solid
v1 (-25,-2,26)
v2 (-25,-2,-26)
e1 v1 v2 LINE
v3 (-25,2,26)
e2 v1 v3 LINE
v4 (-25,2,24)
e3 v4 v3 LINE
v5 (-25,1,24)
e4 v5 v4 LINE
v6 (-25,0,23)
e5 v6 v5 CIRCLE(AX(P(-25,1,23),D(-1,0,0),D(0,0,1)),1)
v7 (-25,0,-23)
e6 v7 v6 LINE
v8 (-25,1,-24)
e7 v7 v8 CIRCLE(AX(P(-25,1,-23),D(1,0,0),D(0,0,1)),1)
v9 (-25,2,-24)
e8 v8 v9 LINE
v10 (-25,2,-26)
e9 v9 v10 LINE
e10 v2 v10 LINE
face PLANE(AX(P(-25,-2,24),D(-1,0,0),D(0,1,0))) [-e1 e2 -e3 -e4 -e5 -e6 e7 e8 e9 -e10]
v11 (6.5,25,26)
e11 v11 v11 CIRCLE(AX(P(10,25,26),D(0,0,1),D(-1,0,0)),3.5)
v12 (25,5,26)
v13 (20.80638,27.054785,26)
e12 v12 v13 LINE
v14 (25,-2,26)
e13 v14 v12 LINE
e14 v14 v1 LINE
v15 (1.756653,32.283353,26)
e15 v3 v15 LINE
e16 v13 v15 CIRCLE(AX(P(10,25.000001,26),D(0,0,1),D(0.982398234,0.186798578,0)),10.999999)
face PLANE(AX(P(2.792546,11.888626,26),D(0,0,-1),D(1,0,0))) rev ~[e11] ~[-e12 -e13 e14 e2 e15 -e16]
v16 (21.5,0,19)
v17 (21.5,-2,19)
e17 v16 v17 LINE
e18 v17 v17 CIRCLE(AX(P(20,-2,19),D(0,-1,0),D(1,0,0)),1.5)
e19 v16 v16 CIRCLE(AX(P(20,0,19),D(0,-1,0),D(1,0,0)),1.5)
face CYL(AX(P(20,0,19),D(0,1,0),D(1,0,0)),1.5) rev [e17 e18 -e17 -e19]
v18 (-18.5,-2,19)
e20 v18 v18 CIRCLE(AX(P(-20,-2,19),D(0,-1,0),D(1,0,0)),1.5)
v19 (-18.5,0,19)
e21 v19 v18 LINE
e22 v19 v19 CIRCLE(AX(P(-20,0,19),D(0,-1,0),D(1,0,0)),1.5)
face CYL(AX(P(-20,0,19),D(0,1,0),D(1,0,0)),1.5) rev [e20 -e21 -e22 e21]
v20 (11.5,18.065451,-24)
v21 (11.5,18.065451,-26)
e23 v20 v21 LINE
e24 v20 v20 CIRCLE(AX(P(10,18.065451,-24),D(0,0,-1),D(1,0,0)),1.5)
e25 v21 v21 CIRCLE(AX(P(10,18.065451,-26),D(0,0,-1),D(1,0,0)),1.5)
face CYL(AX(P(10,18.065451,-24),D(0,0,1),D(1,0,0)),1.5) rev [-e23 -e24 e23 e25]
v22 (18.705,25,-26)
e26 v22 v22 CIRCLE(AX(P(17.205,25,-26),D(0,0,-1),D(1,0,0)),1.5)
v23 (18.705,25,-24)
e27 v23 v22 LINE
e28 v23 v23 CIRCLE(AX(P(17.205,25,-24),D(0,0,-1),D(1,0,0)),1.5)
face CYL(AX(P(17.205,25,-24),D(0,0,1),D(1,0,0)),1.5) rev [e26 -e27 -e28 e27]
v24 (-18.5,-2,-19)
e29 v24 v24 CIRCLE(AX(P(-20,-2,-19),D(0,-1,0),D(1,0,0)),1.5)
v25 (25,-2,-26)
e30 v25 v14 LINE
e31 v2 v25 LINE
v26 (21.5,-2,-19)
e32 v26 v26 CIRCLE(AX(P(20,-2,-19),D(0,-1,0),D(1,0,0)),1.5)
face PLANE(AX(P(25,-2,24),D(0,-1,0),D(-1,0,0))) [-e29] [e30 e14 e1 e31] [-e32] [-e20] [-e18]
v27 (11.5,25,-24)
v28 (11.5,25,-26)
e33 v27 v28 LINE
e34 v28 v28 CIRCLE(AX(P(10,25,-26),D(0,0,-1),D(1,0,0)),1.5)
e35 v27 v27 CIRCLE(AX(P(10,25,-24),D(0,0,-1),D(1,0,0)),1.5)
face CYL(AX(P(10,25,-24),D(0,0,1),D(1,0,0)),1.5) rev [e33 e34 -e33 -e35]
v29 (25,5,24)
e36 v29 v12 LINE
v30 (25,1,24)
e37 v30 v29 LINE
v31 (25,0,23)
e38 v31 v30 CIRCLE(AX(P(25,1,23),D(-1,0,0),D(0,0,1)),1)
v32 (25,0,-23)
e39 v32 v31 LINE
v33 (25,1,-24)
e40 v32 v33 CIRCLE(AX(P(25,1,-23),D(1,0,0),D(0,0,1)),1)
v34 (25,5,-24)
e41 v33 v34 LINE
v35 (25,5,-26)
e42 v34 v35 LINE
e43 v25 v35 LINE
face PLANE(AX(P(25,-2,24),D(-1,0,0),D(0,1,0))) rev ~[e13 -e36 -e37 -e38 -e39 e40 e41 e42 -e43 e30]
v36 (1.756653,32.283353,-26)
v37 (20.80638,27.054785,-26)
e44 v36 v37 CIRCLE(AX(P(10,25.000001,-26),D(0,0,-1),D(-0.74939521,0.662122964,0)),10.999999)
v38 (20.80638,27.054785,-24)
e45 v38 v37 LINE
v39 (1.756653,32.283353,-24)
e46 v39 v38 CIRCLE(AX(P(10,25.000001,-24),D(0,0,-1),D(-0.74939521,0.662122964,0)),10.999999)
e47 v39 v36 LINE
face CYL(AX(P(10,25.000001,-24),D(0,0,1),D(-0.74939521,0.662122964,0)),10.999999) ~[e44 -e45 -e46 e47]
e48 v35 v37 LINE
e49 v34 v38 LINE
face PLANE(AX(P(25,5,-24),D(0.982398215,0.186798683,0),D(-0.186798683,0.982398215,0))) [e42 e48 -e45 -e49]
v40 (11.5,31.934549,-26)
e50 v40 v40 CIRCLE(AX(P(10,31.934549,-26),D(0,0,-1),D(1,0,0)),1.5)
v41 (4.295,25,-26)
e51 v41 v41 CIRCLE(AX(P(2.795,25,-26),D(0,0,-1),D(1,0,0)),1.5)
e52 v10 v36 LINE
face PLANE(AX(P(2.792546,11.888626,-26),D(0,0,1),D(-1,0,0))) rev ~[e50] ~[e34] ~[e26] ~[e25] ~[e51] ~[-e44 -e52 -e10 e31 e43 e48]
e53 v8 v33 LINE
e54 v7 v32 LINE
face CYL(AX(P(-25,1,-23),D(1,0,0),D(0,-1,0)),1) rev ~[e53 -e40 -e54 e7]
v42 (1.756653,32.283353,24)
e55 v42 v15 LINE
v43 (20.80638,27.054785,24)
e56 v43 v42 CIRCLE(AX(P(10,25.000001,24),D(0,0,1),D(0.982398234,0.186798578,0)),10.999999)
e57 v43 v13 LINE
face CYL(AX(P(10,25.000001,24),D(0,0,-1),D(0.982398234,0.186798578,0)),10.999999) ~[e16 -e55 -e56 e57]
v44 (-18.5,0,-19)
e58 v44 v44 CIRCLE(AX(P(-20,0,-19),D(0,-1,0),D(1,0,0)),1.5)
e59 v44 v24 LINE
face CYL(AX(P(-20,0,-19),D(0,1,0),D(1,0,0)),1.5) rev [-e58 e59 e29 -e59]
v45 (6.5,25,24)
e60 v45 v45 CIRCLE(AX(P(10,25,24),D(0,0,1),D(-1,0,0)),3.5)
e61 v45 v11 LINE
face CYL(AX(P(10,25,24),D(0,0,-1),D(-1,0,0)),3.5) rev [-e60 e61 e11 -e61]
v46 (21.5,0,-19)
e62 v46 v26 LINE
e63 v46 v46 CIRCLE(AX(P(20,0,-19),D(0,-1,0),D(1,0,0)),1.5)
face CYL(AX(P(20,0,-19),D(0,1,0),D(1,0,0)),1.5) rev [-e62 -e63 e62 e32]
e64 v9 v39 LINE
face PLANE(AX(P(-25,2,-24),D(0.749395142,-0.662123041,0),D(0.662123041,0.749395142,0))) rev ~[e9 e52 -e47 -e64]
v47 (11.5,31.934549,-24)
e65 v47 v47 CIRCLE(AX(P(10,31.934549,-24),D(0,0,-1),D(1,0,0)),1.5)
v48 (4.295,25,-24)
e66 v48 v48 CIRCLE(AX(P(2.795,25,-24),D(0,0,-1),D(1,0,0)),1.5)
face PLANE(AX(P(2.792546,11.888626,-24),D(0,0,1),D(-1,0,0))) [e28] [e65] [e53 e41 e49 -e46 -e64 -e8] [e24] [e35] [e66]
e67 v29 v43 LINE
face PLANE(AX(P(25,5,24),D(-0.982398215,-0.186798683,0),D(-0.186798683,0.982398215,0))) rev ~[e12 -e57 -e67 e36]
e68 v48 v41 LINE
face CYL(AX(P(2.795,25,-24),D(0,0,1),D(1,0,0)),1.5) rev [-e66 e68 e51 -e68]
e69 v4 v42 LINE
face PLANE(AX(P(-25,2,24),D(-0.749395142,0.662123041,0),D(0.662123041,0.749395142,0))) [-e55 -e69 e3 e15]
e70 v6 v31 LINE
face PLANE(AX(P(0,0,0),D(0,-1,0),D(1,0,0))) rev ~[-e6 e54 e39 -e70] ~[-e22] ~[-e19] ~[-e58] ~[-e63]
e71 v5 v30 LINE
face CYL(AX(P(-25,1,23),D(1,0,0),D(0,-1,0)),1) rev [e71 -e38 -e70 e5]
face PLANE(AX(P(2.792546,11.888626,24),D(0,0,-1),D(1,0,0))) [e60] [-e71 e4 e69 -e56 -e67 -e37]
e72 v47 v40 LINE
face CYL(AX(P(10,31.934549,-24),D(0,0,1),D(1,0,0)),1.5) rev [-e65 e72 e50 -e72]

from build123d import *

# Parameters (mm, degrees)
SKETCH_W     = 50
SKETCH_H     = 48
SKETCH_R     = 1.5
PAD_DEPTH    = 2
SKETCH003_R  = 1.5
PAD001_DEPTH = 2
SKETCH004_R  = 3.5
PAD002_DEPTH = 2
FILLET_R     = 1
FILLET001_R  = 1


with BuildPart() as part:
    # Sketch → Pad (new body)
    with BuildSketch(Plane.XZ):
        Rectangle(SKETCH_W, SKETCH_H)
        with Locations((-20, 19)):
            Circle(SKETCH_R, mode=Mode.SUBTRACT)
        with Locations((20, 19)):
            Circle(SKETCH_R, mode=Mode.SUBTRACT)
        with Locations((-20, -19)):
            Circle(SKETCH_R, mode=Mode.SUBTRACT)
        with Locations((20, -19)):
            Circle(SKETCH_R, mode=Mode.SUBTRACT)
    extrude(amount=PAD_DEPTH)

    # Sketch003 (on Face3 of Pad) → Pad001 (join)
    with BuildSketch(Plane(origin=(0, 0, -24), x_dir=(1, 0, 0), z_dir=(0, 0, -1))):
        with BuildLine():
            Line((-25, 0), (-25, 2))
            Line((-25, 2), (25, 2))
            Line((25, 2), (25, 0))
            Line((25, 0), (25, -5))
            Line((25, -5), (20.80638, -27.054785))
            ThreePointArc((1.756653, -32.283353), (12.911489, -35.607697), (20.80638, -27.054785))
            Line((-25, -2), (1.756653, -32.283353))
            Line((-25, 0), (-25, -2))
        make_face()
        with Locations((10, -31.934549)):
            Circle(SKETCH003_R, mode=Mode.SUBTRACT)
        with Locations((17.205, -25)):
            Circle(SKETCH003_R, mode=Mode.SUBTRACT)
        with Locations((10, -25)):
            Circle(SKETCH003_R, mode=Mode.SUBTRACT)
        with Locations((2.795, -25)):
            Circle(SKETCH003_R, mode=Mode.SUBTRACT)
        with Locations((10, -18.065451)):
            Circle(SKETCH003_R, mode=Mode.SUBTRACT)
    extrude(amount=PAD001_DEPTH)

    # Sketch004 (on Face1 of Pad) → Pad002 (join)
    with BuildSketch(Plane(origin=(0, 0, 24), x_dir=(-1, 0, 0), z_dir=(0, 0, 1))):
        with BuildLine():
            Line((-25, 2), (25, 2))
            Line((25, 2), (25, 0))
            Line((25, 0), (25, -2))
            Line((25, -2), (-1.756653, -32.283353))
            ThreePointArc((-20.80638, -27.054785), (-12.911489, -35.607697), (-1.756653, -32.283353))
            Line((-25, -5), (-20.80638, -27.054785))
            Line((-25, 0), (-25, -5))
            Line((-25, 0), (-25, 2))
        make_face()
        with Locations((-10, -25)):
            Circle(SKETCH004_R, mode=Mode.SUBTRACT)
    extrude(amount=PAD002_DEPTH)

    # Fillet
    fillet_edges = [part.edges().sort_by_distance(p)[0] for p in [
        (0, 0, -24),
    ]]
    fillet(fillet_edges, radius=FILLET_R)

    # Fillet001
    fillet001_edges = [part.edges().sort_by_distance(p)[0] for p in [
        (0, 0, 24),
    ]]
    fillet(fillet001_edges, radius=FILLET001_R)


solid = part.part
